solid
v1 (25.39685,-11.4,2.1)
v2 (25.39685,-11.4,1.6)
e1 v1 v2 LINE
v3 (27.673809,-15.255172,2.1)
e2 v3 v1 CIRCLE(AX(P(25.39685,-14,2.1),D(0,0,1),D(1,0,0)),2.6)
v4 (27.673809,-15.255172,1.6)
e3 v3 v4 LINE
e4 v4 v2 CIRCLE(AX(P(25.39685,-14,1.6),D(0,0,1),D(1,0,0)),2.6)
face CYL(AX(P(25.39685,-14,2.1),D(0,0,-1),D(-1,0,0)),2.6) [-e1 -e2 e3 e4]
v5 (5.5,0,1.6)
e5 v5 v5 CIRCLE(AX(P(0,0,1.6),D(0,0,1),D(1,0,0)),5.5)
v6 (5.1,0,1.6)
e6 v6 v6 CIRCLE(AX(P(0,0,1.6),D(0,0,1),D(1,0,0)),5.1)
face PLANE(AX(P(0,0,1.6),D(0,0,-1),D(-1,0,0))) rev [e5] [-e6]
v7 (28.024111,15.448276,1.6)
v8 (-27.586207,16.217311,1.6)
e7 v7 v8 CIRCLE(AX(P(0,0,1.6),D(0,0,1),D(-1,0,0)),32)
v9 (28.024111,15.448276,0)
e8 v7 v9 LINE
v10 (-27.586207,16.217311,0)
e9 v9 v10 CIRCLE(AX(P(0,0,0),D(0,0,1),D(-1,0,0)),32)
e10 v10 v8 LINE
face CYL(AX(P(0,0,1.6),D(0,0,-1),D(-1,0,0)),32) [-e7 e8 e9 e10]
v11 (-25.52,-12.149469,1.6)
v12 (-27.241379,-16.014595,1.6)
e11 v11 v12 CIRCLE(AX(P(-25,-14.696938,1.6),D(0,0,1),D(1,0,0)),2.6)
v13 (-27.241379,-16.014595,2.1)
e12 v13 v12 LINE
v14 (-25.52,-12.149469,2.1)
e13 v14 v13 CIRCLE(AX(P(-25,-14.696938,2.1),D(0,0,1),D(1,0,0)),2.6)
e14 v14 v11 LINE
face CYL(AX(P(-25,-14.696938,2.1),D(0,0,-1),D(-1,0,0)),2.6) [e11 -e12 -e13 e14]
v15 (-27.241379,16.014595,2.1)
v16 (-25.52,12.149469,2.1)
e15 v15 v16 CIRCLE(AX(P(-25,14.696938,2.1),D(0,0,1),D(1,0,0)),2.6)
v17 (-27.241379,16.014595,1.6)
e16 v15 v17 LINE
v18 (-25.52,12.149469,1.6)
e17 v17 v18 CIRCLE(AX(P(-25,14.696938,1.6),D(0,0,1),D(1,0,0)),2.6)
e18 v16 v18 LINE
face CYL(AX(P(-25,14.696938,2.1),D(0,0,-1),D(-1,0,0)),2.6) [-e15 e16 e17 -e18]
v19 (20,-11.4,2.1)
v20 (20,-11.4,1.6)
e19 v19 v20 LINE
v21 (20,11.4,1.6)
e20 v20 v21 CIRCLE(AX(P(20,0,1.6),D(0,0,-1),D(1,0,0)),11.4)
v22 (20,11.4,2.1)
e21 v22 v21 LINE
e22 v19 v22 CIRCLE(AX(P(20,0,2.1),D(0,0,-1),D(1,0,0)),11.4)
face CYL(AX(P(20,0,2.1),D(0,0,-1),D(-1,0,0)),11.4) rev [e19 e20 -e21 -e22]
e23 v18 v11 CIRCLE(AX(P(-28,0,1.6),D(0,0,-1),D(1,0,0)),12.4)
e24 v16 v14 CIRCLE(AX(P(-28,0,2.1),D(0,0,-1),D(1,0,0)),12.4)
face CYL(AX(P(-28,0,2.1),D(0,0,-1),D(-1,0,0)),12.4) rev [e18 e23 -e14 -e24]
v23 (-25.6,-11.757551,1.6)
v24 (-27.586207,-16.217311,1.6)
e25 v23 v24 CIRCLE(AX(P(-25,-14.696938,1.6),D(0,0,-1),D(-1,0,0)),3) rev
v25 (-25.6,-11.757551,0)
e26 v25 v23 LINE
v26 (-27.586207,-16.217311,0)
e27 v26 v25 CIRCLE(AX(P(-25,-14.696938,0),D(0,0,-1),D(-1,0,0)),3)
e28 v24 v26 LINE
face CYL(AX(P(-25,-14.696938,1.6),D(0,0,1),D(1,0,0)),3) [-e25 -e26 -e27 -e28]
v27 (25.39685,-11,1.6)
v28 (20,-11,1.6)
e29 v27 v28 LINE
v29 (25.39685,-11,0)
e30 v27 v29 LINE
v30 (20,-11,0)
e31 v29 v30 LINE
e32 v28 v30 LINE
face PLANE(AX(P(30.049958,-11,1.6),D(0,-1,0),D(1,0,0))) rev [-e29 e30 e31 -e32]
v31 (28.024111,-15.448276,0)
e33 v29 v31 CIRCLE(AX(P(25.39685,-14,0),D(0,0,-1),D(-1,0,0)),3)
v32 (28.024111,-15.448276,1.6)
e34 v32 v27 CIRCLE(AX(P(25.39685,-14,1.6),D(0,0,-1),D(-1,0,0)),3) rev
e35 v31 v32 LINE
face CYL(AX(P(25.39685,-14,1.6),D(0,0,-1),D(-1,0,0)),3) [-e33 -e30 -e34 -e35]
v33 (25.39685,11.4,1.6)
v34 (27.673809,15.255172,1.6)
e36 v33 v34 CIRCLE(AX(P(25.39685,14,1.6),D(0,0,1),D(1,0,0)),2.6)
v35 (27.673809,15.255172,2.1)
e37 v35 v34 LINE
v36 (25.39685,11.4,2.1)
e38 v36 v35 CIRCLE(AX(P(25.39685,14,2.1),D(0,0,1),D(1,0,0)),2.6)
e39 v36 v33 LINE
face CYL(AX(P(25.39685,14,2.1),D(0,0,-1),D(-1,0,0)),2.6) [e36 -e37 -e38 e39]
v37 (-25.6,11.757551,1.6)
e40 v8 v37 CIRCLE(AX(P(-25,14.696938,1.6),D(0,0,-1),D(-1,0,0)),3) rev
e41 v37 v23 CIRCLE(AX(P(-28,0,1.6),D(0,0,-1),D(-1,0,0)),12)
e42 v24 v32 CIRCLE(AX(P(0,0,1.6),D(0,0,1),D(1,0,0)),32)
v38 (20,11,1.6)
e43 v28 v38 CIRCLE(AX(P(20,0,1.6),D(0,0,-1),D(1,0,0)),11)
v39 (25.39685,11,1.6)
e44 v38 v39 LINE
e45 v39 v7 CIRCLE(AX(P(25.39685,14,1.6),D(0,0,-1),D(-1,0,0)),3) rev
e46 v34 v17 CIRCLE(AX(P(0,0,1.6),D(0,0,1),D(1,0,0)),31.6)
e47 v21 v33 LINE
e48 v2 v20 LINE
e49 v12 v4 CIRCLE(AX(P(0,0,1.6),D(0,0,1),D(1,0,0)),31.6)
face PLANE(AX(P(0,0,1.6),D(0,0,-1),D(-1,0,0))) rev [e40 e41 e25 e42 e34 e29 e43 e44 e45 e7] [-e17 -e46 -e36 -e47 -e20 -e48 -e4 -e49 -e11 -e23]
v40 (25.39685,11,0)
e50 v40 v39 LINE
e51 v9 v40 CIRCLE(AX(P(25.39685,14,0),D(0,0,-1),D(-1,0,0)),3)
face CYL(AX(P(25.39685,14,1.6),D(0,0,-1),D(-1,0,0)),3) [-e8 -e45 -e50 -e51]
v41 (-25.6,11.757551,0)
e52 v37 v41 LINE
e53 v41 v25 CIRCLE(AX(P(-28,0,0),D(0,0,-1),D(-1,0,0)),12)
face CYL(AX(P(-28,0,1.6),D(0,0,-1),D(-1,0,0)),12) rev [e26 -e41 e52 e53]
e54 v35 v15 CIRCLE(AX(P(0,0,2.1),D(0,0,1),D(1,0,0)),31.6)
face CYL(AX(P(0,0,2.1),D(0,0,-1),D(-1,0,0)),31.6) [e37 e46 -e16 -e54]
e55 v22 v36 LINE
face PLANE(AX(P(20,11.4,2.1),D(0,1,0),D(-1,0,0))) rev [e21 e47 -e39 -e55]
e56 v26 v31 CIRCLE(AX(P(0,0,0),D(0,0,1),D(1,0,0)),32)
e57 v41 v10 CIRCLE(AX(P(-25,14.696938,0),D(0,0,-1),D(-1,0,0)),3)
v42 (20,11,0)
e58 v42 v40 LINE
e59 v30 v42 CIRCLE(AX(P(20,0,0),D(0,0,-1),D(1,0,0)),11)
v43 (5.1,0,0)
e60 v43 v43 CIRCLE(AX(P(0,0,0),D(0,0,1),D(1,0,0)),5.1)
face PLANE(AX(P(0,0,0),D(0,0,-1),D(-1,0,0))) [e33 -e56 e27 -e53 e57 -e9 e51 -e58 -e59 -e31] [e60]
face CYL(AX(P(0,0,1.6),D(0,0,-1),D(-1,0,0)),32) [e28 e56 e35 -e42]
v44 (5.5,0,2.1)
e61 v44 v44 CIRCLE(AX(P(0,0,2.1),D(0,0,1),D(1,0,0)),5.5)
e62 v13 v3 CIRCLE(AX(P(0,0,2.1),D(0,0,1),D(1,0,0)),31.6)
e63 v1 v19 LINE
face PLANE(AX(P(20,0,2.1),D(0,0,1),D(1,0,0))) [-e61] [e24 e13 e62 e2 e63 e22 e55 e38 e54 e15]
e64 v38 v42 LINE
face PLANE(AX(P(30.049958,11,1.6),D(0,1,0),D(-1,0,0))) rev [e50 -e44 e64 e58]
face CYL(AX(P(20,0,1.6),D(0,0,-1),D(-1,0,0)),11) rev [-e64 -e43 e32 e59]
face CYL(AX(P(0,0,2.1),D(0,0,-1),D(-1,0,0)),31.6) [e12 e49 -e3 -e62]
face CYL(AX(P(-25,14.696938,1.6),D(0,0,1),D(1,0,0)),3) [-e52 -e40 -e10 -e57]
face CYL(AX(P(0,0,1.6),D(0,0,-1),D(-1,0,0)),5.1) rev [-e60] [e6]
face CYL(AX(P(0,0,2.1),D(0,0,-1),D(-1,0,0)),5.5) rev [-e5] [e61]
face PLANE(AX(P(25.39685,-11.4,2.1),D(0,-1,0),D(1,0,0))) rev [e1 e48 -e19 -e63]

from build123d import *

# Parameters (mm, degrees)
ESQUISSE1_R        = 5.1
BOSS_EXTRU_1_DEPTH = 1.6
CONG_1_R           = 3
ESQUISSE2_R        = 5.5
BOSS_EXTRU_2_DEPTH = 0.5


with BuildPart() as part:
    # Esquisse1 → Boss.-Extru.1 (new body)
    with BuildSketch(Plane.XY):
        with BuildLine():
            Line((30.049958403, 11), (20, 11))
            ThreePointArc((20, 11), (9, 0), (20, -11))
            Line((20, -11), (30.049958403, -11))
            ThreePointArc((30.049958403, -11), (0.469484965, -31.996555813), (-29.714285714, -11.876919823))
            ThreePointArc((-29.714285714, -11.876919823), (-16, 0), (-29.714285714, 11.876919823))
            ThreePointArc((-29.714285714, 11.876919823), (0.469484965, 31.996555813), (30.049958403, 11))
        make_face()
        Circle(ESQUISSE1_R, mode=Mode.SUBTRACT)
    extrude(amount=BOSS_EXTRU_1_DEPTH)

    # Congé1
    cong_1_edges = [part.edges().sort_by_distance(p)[0] for p in [
        (30.049958403, 11, 0.8),
        (30.049958403, -11, 0.8),
        (-29.714285714, -11.876919823, 0.8),
        (-29.714285714, 11.876919823, 0.8),
    ]]
    fillet(cong_1_edges, radius=CONG_1_R)

    # Esquisse2 → Boss.-Extru.2 (add)
    with BuildSketch(Plane.XY.offset(1.6)):
        with BuildLine():
            Line((20, 11.4), (25.396850198, 11.4))
            ThreePointArc((25.396850198, 11.4), (27.635538238, 12.677776168), (27.673809182, 15.255172414))
            ThreePointArc((27.673809182, 15.255172414), (0.43695488, 31.596978818), (-27.24137931, 16.014595008))
            ThreePointArc((-27.24137931, 16.014595008), (-27.375100724, 13.639159391), (-25.52, 12.149469124))
            ThreePointArc((-25.52, 12.149469124), (-15.6, 0), (-25.52, -12.149469124))
            ThreePointArc((-25.52, -12.149469124), (-27.375100724, -13.639159391), (-27.24137931, -16.014595008))
            ThreePointArc((-27.24137931, -16.014595008), (0.43695488, -31.596978818), (27.673809182, -15.255172414))
            ThreePointArc((27.673809182, -15.255172414), (27.635538238, -12.677776168), (25.396850198, -11.4))
            Line((25.396850198, -11.4), (20, -11.4))
            ThreePointArc((20, -11.4), (8.6, 0), (20, 11.4))
        make_face()
        Circle(ESQUISSE2_R, mode=Mode.SUBTRACT)
    extrude(amount=BOSS_EXTRU_2_DEPTH)


solid = part.part
